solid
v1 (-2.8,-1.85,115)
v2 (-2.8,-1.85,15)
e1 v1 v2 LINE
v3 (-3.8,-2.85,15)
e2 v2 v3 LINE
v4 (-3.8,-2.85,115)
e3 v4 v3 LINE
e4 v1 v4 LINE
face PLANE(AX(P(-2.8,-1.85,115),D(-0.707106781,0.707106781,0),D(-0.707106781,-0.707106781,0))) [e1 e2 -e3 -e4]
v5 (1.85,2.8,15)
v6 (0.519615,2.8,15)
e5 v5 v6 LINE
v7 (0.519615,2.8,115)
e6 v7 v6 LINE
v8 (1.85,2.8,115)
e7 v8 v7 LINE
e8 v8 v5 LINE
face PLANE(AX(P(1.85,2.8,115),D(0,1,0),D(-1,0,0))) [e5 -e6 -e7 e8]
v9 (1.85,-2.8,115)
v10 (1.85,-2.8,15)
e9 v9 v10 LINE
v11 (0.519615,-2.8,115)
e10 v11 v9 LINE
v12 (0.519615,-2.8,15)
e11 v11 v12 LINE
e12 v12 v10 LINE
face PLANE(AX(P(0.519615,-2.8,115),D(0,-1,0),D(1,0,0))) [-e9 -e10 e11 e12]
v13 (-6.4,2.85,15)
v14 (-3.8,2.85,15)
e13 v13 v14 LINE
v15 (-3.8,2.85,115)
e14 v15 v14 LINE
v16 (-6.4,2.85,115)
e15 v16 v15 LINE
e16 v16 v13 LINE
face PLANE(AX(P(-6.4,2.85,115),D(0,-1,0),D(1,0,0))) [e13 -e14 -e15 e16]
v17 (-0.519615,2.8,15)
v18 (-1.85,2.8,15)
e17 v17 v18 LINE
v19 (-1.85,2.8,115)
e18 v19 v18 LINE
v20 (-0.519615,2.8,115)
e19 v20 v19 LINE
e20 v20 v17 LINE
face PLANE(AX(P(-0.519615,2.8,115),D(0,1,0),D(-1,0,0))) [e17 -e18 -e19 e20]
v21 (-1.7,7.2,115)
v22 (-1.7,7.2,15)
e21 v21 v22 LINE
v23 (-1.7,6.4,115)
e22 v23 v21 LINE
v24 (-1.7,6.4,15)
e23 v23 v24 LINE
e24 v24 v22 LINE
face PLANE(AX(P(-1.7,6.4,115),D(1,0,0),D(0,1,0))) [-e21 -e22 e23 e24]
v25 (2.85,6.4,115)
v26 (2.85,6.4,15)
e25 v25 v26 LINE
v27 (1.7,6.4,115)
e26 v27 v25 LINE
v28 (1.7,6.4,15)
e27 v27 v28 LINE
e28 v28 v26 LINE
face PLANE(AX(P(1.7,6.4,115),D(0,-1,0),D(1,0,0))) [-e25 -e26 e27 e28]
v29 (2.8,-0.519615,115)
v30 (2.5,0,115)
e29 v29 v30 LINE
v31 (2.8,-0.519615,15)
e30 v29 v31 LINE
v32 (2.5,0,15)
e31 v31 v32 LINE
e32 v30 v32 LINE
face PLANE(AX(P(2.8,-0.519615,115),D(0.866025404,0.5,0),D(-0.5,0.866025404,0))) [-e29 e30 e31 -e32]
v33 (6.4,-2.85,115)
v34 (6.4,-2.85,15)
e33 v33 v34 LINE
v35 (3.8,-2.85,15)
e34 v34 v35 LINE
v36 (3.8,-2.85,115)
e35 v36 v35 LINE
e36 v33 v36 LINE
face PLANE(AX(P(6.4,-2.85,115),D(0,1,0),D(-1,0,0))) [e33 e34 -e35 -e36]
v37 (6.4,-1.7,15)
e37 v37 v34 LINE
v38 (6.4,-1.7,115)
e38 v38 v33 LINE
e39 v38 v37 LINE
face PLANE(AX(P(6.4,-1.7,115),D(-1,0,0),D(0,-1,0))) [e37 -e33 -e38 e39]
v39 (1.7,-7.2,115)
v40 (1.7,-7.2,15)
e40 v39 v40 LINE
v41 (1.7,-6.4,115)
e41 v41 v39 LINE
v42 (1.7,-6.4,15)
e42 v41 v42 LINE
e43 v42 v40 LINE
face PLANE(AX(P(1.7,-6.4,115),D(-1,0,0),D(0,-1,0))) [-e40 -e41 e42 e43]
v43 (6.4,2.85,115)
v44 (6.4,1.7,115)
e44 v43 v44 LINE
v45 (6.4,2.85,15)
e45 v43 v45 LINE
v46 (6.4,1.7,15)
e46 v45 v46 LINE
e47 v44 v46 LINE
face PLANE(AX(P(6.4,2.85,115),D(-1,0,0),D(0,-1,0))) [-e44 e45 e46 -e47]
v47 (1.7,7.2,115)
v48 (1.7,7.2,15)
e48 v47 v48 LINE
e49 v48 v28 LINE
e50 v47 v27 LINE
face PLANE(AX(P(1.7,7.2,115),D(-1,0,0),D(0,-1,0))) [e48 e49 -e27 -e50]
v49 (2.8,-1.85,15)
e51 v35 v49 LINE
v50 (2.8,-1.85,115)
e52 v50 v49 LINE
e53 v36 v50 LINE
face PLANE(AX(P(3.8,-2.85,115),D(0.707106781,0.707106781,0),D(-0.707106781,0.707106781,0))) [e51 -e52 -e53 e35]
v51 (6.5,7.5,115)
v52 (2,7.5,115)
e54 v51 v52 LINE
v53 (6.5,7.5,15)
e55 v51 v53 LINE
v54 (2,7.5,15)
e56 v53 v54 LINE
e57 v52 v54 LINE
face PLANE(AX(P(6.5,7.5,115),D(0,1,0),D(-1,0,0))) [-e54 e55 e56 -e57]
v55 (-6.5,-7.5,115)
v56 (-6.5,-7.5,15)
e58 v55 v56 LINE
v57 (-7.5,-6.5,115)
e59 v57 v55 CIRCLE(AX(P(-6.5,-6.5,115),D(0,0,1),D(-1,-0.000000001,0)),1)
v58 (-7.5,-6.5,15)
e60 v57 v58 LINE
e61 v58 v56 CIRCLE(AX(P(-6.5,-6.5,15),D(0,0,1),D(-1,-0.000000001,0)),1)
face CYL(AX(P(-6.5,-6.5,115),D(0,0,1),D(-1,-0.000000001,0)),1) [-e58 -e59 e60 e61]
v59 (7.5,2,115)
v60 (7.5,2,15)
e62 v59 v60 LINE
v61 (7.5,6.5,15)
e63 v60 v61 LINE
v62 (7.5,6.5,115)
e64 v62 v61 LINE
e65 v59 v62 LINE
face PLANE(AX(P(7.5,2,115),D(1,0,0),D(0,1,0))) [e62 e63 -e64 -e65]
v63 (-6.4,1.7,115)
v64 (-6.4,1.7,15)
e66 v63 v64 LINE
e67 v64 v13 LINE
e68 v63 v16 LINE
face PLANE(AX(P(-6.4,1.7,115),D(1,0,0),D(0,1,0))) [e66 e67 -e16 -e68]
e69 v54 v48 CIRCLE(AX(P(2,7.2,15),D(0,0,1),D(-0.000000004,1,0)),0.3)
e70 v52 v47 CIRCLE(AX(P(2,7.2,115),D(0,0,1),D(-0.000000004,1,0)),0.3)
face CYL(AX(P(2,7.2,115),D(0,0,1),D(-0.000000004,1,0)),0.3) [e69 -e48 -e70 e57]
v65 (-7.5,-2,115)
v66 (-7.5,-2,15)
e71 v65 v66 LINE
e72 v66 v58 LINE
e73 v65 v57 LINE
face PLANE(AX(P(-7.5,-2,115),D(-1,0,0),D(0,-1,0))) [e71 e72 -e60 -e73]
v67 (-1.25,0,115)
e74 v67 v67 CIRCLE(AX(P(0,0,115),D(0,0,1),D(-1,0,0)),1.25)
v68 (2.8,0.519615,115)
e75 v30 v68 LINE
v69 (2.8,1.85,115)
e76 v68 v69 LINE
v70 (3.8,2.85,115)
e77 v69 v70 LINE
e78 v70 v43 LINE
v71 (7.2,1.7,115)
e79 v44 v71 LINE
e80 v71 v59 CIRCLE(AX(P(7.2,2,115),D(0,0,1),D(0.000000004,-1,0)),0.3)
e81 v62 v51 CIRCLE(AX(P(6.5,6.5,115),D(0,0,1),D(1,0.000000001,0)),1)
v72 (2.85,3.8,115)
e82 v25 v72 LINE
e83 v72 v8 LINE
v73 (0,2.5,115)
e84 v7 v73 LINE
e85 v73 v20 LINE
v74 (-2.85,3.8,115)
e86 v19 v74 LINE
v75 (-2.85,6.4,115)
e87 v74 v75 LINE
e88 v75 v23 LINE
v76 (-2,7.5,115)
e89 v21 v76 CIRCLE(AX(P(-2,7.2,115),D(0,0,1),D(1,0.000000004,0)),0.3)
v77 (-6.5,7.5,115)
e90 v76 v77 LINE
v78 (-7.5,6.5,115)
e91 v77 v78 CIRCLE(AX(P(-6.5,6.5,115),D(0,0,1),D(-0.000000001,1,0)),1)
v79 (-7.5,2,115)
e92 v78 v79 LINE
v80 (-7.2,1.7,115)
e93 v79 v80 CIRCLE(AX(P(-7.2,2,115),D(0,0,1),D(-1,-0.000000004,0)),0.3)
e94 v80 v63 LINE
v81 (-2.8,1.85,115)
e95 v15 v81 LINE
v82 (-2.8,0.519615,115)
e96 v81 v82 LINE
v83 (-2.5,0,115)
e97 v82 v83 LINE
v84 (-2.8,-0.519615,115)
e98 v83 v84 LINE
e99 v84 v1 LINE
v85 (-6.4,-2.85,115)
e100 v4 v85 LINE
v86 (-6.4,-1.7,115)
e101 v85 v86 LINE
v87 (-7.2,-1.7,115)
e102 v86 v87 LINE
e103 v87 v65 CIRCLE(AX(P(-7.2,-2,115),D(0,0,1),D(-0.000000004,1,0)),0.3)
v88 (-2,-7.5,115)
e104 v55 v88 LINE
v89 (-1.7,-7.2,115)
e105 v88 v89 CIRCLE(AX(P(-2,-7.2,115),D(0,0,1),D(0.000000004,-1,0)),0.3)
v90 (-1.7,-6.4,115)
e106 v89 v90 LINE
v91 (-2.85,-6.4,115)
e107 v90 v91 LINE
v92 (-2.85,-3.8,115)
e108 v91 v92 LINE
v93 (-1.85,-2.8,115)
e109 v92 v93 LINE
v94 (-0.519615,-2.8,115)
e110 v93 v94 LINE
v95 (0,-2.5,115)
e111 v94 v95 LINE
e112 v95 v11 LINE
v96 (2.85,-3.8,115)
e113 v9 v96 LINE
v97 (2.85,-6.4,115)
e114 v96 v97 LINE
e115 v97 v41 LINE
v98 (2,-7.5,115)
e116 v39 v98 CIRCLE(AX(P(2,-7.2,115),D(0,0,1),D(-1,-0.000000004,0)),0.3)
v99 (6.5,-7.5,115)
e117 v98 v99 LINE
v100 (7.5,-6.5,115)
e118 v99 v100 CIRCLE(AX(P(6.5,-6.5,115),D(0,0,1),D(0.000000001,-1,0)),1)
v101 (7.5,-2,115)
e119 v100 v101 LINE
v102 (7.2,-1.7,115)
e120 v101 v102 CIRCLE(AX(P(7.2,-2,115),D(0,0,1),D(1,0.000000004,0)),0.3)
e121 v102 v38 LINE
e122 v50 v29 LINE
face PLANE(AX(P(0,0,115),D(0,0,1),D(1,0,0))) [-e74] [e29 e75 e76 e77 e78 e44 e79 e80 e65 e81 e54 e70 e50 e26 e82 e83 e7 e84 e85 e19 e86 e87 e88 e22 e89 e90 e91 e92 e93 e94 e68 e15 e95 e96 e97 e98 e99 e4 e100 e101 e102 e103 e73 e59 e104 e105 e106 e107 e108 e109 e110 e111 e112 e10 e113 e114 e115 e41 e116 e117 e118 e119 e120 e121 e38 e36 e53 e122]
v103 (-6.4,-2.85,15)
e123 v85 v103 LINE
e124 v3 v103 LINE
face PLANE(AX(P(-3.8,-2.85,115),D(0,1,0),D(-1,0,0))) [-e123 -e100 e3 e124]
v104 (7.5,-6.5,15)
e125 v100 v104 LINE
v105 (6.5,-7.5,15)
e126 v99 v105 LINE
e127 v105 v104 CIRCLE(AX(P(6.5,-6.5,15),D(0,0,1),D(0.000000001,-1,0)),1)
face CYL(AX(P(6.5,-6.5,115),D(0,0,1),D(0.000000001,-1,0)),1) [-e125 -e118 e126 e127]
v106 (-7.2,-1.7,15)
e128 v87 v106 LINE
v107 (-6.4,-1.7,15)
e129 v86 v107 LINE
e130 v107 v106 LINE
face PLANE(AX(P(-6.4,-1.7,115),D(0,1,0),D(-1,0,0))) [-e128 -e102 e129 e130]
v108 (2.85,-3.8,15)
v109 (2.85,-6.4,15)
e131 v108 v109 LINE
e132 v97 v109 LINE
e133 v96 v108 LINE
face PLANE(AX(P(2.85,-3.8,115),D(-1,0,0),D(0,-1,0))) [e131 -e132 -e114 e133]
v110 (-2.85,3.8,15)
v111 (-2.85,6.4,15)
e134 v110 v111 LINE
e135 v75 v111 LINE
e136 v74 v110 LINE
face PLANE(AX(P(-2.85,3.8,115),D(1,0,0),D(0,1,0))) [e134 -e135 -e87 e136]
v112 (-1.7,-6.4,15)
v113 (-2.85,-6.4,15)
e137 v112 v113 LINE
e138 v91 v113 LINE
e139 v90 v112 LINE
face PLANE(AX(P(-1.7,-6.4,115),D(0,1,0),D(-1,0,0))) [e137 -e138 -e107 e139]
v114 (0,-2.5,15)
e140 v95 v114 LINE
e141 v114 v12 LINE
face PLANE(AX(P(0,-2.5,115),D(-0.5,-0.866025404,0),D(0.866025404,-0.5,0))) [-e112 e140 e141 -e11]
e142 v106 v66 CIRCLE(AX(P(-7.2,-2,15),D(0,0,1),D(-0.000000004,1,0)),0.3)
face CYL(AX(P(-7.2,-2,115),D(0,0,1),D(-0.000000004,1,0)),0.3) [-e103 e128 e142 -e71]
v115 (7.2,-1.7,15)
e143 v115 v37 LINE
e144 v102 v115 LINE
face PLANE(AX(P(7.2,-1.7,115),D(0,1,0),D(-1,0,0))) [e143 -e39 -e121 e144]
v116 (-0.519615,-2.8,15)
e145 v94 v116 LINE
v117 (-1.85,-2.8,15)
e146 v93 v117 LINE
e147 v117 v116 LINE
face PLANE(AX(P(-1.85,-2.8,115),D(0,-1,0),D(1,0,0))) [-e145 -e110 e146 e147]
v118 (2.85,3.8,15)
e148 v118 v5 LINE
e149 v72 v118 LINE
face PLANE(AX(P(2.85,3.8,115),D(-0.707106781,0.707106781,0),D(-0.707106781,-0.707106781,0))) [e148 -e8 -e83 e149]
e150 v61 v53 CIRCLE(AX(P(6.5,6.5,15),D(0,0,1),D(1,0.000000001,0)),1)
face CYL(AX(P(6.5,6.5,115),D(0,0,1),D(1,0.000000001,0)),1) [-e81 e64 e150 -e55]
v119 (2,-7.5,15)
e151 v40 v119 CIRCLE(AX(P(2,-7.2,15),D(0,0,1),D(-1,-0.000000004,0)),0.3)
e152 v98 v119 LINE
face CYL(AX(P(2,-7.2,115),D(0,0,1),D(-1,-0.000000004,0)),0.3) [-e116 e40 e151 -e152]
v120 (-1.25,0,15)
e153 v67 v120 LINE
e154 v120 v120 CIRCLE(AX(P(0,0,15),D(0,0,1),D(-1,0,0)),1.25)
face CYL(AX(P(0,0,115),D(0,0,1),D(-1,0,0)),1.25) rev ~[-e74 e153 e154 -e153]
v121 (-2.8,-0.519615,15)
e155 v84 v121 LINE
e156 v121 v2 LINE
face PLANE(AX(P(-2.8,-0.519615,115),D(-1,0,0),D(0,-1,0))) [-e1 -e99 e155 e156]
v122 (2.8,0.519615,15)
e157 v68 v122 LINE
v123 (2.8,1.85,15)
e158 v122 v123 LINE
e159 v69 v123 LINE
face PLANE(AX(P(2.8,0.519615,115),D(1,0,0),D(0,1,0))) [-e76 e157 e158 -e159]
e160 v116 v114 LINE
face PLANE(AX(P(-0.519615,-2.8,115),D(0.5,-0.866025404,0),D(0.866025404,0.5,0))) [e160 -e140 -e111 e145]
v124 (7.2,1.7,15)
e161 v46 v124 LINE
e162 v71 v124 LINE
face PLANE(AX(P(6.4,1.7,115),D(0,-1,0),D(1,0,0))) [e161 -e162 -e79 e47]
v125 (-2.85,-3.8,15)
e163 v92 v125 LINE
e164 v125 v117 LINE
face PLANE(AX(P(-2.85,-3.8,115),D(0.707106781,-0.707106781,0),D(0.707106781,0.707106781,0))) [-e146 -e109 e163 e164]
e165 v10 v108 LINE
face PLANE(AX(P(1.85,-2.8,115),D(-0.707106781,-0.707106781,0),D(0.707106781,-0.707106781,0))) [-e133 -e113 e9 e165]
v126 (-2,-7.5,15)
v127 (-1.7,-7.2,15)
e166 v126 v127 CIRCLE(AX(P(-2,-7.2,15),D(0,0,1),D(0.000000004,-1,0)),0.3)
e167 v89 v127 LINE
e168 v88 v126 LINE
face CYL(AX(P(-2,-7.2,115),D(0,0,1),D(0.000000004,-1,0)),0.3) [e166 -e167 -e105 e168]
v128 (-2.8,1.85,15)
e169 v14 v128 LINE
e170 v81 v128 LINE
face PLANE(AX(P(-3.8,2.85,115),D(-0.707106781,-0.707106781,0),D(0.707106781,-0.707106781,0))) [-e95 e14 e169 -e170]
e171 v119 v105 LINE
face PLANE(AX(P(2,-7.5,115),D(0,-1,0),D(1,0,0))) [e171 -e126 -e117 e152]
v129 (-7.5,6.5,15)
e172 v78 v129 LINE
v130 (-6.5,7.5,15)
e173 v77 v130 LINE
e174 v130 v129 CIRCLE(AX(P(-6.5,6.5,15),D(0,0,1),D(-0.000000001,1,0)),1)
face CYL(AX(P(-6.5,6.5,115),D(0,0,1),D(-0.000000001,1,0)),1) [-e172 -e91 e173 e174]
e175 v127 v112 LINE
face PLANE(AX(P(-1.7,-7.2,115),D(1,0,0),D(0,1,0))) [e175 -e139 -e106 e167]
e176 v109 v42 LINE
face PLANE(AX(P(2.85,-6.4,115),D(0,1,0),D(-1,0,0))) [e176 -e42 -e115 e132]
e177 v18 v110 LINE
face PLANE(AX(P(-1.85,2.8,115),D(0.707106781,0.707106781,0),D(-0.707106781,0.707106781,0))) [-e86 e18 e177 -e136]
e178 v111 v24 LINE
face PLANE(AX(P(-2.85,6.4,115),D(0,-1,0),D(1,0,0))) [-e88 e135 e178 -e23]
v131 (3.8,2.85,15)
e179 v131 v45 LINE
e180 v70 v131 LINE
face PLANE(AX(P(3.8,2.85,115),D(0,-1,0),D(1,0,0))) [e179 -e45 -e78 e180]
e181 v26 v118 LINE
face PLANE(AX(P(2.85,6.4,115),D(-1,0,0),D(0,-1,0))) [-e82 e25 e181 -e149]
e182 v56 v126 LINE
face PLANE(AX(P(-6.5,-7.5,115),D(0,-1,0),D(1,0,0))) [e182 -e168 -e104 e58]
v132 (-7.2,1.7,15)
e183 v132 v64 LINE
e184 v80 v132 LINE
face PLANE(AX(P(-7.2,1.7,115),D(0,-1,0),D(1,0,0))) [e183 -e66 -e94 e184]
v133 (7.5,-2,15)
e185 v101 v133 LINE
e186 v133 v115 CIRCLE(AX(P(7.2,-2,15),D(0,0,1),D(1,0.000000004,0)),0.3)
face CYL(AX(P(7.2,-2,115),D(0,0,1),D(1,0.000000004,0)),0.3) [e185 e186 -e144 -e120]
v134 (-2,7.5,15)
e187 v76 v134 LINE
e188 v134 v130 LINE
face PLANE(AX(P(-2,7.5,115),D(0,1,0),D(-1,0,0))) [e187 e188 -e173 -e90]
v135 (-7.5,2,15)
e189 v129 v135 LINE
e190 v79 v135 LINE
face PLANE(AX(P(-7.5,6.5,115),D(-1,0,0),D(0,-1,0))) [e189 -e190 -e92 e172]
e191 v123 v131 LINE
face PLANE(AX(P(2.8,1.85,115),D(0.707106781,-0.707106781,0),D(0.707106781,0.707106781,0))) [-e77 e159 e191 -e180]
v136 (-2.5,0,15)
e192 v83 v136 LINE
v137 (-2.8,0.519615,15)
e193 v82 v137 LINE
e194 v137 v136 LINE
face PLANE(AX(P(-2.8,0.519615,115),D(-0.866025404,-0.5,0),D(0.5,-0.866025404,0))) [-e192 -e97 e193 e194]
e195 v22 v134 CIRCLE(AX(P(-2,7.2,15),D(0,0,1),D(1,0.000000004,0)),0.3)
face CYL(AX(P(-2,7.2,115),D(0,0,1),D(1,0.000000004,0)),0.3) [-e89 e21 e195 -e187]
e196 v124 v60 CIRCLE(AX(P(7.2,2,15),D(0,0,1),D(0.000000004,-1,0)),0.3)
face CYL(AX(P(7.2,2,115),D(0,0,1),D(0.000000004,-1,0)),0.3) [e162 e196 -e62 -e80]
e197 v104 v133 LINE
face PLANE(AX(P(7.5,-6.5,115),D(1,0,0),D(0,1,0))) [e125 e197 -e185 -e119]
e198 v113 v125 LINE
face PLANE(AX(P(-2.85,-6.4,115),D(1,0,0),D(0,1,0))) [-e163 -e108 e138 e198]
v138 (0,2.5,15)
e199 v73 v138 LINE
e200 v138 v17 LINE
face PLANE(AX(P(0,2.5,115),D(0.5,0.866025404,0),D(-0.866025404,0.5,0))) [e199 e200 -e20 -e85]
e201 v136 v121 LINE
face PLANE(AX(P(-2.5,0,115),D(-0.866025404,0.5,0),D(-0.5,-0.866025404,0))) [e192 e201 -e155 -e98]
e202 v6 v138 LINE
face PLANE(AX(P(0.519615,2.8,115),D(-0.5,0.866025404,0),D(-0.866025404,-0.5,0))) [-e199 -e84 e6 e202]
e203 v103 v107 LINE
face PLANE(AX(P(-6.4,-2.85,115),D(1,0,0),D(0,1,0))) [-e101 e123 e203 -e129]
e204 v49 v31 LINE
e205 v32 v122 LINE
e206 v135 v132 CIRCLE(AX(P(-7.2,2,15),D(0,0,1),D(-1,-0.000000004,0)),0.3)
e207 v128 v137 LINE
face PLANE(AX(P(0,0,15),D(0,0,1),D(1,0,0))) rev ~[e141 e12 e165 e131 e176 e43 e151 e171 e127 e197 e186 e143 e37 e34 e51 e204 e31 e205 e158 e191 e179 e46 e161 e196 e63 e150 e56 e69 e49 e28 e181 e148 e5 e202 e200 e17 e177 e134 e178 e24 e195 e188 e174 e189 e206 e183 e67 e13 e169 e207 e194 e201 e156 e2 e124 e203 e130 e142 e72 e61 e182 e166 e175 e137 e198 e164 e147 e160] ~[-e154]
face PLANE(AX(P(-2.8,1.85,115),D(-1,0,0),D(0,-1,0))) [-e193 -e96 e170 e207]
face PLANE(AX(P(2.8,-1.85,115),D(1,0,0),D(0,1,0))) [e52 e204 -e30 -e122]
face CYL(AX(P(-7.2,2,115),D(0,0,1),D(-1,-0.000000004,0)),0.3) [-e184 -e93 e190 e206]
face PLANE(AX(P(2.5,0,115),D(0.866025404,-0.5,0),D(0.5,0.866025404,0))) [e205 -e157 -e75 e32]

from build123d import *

# Parameters (mm, degrees)
SKETCH1_R           = 1.25
BOSS_EXTRUDE1_DEPTH = 100


with BuildPart() as part:
    # Sketch1 → Boss-Extrude1 (new body)
    with BuildSketch(Plane.XY.offset(115)):
        with BuildLine():
            Line((-7.5, 6.5), (-7.5, 2))
            ThreePointArc((-7.5, 2), (-7.412132034, 1.787867966), (-7.2, 1.7))
            Line((-7.2, 1.7), (-6.4, 1.7))
            Line((-6.4, 1.7), (-6.4, 2.85))
            Line((-6.4, 2.85), (-3.8, 2.85))
            Line((-3.8, 2.85), (-2.8, 1.85))
            Line((-2.8, 1.85), (-2.8, 0.519615242))
            Line((-2.8, 0.519615242), (-2.5, 0))
            Line((-2.5, 0), (-2.8, -0.519615242))
            Line((-2.8, -0.519615242), (-2.8, -1.85))
            Line((-2.8, -1.85), (-3.8, -2.85))
            Line((-3.8, -2.85), (-6.4, -2.85))
            Line((-6.4, -2.85), (-6.4, -1.7))
            Line((-6.4, -1.7), (-7.2, -1.7))
            ThreePointArc((-7.2, -1.7), (-7.412132034, -1.787867966), (-7.5, -2))
            Line((-7.5, -2), (-7.5, -6.5))
            ThreePointArc((-7.5, -6.5), (-7.207106781, -7.207106781), (-6.5, -7.5))
            Line((-6.5, -7.5), (-2, -7.5))
            ThreePointArc((-2, -7.5), (-1.787867966, -7.412132034), (-1.7, -7.2))
            Line((-1.7, -7.2), (-1.7, -6.4))
            Line((-1.7, -6.4), (-2.85, -6.4))
            Line((-2.85, -6.4), (-2.85, -3.8))
            Line((-2.85, -3.8), (-1.85, -2.8))
            Line((-1.85, -2.8), (-0.519615242, -2.8))
            Line((-0.519615242, -2.8), (0, -2.5))
            Line((0, -2.5), (0.519615242, -2.8))
            Line((0.519615242, -2.8), (1.85, -2.8))
            Line((1.85, -2.8), (2.85, -3.8))
            Line((2.85, -3.8), (2.85, -6.4))
            Line((2.85, -6.4), (1.7, -6.4))
            Line((1.7, -6.4), (1.7, -7.2))
            ThreePointArc((1.7, -7.2), (1.787867966, -7.412132034), (2, -7.5))
            Line((2, -7.5), (6.5, -7.5))
            ThreePointArc((6.5, -7.5), (7.207106781, -7.207106781), (7.5, -6.5))
            Line((7.5, -6.5), (7.5, -2))
            ThreePointArc((7.5, -2), (7.412132034, -1.787867966), (7.2, -1.7))
            Line((7.2, -1.7), (6.4, -1.7))
            Line((6.4, -1.7), (6.4, -2.85))
            Line((6.4, -2.85), (3.8, -2.85))
            Line((3.8, -2.85), (2.8, -1.85))
            Line((2.8, -1.85), (2.8, -0.519615242))
            Line((2.8, -0.519615242), (2.5, 0))
            Line((2.5, 0), (2.8, 0.519615242))
            Line((2.8, 0.519615242), (2.8, 1.85))
            Line((2.8, 1.85), (3.8, 2.85))
            Line((3.8, 2.85), (6.4, 2.85))
            Line((6.4, 2.85), (6.4, 1.7))
            Line((6.4, 1.7), (7.2, 1.7))
            ThreePointArc((7.2, 1.7), (7.412132034, 1.787867966), (7.5, 2))
            Line((7.5, 2), (7.5, 6.5))
            ThreePointArc((7.5, 6.5), (7.207106781, 7.207106781), (6.5, 7.5))
            Line((6.5, 7.5), (2, 7.5))
            ThreePointArc((2, 7.5), (1.787867966, 7.412132034), (1.7, 7.2))
            Line((1.7, 7.2), (1.7, 6.4))
            Line((1.7, 6.4), (2.85, 6.4))
            Line((2.85, 6.4), (2.85, 3.8))
            Line((2.85, 3.8), (1.85, 2.8))
            Line((1.85, 2.8), (0.519615242, 2.8))
            Line((0.519615242, 2.8), (0, 2.5))
            Line((0, 2.5), (-0.519615242, 2.8))
            Line((-0.519615242, 2.8), (-1.85, 2.8))
            Line((-1.85, 2.8), (-2.85, 3.8))
            Line((-2.85, 3.8), (-2.85, 6.4))
            Line((-2.85, 6.4), (-1.7, 6.4))
            Line((-1.7, 6.4), (-1.7, 7.2))
            ThreePointArc((-1.7, 7.2), (-1.787867966, 7.412132034), (-2, 7.5))
            Line((-2, 7.5), (-6.5, 7.5))
            ThreePointArc((-6.5, 7.5), (-7.207106781, 7.207106781), (-7.5, 6.5))
        make_face()
        with Locations(Location((0, 0, 0), (0, 0, 180))):
            Circle(SKETCH1_R, mode=Mode.SUBTRACT)
    extrude(amount=-BOSS_EXTRUDE1_DEPTH)


solid = part.part
